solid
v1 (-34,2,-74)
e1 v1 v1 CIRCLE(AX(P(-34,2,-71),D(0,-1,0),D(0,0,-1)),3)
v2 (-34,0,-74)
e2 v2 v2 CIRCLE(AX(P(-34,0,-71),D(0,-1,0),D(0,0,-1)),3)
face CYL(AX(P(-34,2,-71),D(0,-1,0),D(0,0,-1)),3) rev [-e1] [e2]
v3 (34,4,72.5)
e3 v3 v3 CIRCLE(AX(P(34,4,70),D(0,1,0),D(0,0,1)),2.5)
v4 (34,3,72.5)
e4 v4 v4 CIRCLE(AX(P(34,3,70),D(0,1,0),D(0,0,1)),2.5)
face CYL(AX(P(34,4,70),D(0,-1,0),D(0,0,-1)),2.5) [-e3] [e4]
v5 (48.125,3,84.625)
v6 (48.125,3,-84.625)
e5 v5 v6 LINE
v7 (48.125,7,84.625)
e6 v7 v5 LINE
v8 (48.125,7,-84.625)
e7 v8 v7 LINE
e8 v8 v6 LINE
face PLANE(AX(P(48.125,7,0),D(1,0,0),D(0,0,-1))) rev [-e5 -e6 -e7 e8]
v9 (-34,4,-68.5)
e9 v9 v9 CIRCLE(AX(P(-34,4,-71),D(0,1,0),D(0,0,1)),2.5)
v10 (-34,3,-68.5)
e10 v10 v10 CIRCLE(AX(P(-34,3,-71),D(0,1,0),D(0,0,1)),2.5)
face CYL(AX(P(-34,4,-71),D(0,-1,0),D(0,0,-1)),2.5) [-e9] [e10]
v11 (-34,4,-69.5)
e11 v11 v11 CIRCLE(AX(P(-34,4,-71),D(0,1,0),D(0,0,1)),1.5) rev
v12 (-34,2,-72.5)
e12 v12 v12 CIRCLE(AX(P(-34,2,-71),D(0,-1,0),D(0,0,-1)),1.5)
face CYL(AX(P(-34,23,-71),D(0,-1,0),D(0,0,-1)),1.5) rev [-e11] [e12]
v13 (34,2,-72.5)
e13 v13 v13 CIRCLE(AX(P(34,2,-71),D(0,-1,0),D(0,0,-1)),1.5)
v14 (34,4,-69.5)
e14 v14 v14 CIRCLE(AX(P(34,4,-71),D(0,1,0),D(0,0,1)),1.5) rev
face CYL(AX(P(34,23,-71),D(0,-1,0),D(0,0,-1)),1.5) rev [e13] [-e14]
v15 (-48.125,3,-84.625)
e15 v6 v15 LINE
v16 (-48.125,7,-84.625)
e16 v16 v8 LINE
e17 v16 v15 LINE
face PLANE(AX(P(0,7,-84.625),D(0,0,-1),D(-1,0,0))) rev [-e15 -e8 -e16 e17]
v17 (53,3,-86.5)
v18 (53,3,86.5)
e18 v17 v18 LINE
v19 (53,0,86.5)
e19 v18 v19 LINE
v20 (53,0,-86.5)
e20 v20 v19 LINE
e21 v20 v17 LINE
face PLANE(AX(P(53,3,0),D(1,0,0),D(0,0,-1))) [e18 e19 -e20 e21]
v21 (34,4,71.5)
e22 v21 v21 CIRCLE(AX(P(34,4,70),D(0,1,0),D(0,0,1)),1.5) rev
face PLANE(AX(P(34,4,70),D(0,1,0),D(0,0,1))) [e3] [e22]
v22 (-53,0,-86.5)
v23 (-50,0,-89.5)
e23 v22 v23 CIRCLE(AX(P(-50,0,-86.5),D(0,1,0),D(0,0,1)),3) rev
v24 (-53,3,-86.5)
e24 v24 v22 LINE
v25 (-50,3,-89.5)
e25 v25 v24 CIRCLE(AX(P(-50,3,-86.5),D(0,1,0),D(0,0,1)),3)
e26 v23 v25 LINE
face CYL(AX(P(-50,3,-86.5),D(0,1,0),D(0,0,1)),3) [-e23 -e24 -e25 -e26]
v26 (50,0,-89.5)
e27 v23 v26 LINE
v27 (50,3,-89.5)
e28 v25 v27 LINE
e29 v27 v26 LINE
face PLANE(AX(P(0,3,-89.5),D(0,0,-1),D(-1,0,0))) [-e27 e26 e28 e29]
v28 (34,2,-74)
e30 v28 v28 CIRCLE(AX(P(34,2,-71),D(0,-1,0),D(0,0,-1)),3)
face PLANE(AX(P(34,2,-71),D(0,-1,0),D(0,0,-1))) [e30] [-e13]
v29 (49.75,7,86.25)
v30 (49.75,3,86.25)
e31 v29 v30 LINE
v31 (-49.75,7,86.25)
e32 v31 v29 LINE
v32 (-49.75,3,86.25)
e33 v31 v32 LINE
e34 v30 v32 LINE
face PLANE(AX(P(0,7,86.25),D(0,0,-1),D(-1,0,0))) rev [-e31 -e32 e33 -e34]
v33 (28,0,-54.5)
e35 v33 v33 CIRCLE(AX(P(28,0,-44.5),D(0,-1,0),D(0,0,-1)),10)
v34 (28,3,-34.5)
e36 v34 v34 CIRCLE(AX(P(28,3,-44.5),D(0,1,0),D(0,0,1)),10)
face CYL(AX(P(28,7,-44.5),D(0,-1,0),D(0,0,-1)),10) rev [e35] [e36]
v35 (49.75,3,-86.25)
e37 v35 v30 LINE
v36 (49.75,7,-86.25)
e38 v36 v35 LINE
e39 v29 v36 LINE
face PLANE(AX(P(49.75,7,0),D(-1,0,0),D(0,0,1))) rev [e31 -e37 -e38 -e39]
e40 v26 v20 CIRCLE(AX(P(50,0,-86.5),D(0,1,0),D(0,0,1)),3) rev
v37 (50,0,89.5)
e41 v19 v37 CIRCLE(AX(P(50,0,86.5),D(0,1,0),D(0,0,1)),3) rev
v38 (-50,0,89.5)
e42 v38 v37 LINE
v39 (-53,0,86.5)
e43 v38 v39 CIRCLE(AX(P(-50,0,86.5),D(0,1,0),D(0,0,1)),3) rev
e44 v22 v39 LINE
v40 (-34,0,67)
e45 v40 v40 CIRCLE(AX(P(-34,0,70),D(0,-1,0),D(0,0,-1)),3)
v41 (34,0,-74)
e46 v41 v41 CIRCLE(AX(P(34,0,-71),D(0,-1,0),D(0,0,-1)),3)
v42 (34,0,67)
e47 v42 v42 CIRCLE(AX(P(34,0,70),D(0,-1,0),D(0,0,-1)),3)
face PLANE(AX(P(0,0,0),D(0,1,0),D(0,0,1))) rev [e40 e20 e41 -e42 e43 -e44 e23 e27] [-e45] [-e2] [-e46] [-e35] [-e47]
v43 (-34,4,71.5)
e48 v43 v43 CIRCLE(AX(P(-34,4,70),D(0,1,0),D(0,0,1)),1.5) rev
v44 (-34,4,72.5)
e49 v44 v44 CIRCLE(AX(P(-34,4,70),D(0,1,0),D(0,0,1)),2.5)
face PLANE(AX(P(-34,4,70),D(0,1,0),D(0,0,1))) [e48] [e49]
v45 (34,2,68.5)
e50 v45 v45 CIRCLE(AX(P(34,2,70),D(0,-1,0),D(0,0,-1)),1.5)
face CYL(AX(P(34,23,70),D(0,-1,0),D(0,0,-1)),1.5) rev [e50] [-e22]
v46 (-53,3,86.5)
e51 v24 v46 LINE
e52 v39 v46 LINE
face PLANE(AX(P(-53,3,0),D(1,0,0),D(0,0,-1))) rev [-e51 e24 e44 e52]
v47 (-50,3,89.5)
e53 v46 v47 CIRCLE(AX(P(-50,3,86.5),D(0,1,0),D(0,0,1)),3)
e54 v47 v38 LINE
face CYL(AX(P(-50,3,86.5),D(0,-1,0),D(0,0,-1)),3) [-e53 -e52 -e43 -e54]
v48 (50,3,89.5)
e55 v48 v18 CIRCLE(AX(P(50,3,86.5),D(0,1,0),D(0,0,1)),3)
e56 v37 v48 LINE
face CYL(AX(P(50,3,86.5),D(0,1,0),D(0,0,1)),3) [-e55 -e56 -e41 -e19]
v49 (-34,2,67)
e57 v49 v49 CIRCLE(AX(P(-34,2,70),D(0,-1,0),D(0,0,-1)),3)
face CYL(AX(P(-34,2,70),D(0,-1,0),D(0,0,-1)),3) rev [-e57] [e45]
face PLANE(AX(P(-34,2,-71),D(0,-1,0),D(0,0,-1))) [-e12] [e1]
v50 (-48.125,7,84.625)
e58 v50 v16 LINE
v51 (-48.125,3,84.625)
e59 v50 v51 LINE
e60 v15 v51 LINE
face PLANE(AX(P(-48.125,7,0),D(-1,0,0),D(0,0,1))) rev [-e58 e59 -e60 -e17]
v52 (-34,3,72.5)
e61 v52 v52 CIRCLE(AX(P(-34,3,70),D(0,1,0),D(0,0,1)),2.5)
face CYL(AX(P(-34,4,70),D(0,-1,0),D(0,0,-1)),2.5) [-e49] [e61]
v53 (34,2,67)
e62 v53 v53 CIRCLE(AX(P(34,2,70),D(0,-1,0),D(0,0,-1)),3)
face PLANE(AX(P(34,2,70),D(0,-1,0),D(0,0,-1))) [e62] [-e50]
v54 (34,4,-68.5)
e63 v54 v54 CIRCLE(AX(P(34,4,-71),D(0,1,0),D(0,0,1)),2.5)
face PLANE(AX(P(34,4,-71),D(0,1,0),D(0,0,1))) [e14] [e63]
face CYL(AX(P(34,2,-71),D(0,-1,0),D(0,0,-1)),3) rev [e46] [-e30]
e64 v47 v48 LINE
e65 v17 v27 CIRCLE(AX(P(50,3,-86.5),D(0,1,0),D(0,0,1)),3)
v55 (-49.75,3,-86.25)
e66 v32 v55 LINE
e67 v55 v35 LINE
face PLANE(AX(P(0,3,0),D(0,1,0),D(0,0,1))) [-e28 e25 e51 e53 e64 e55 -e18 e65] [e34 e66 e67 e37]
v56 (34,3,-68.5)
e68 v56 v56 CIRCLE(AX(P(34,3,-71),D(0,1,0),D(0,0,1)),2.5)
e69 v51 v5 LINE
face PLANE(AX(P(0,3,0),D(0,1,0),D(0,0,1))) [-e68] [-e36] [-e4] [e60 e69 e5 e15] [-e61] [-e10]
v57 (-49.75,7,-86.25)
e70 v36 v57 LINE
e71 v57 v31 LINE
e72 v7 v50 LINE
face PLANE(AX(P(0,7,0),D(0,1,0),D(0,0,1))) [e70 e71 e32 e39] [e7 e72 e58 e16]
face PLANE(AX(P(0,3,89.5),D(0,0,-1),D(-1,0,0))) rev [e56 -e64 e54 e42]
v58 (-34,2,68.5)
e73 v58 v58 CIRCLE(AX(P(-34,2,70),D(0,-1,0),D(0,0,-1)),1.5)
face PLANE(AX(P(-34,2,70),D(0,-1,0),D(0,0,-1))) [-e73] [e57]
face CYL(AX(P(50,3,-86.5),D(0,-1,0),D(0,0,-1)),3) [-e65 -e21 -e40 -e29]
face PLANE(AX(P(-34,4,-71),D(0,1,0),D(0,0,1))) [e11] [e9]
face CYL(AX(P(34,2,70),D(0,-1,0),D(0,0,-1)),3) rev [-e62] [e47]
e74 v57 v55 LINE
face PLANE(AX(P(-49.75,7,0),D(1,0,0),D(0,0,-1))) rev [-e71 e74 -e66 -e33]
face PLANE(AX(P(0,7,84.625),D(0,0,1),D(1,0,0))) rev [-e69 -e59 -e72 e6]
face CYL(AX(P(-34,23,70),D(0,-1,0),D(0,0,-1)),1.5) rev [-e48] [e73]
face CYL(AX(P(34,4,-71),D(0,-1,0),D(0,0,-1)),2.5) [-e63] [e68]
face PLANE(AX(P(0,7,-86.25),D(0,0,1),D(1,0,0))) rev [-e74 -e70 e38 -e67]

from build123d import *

# Parameters (mm, degrees)
CROQUIS3_W                 = 106
CROQUIS3_H                 = 179
SALIENTE_EXTRUIR4_DEPTH    = 3
CROQUIS3_6_W               = 99.5
CROQUIS3_6_H               = 172.5
CROQUIS3_6_W_2             = 96.25
CROQUIS3_6_H_2             = 169.25
SALIENTE_EXTRUIR5_DEPTH    = 7
CROQUIS7_R                 = 10
CORTAR_EXTRUIR1_DEPTH      = 7
REDONDEO1_R                = 3
CORTAR_EXTRUIR2_DEPTH      = 20
CORTAR_EXTRUIR2_DEPTH_BACK = 20
CROQUIS8_R                 = 1.5
CROQUIS12_R                = 3
CORTAR_EXTRUIR3_DEPTH      = 2
CROQUIS13_R                = 2.5
SALIENTE_EXTRUIR7_DEPTH    = 1
CORTAR_EXTRUIR4_DEPTH      = 1
CORTAR_EXTRUIR4_DEPTH_BACK = 11
CROQUIS14_R                = 1.5


with BuildPart() as part:
    # Croquis3 → Saliente-Extruir4 (new body)
    with BuildSketch(Plane(origin=(0, 0, 0), x_dir=(1, 0, 0), z_dir=(0, 1, 0))):
        Rectangle(CROQUIS3_W, CROQUIS3_H)
    extrude(amount=SALIENTE_EXTRUIR4_DEPTH)

    # Croquis3<6> → Saliente-Extruir5 (add)
    with BuildSketch(Plane(origin=(0, 0, 0), x_dir=(1, 0, 0), z_dir=(0, 1, 0))):
        Rectangle(CROQUIS3_6_W, CROQUIS3_6_H)
        Rectangle(CROQUIS3_6_W_2, CROQUIS3_6_H_2, mode=Mode.SUBTRACT)
    extrude(amount=SALIENTE_EXTRUIR5_DEPTH)

    # Croquis7 → Cortar-Extruir1 (cut)
    with BuildSketch(Plane.XZ):
        with Locations((28, -44.5)):
            Circle(CROQUIS7_R)
    extrude(amount=-CORTAR_EXTRUIR1_DEPTH, mode=Mode.SUBTRACT)

    # Redondeo1
    redondeo1_edges = [part.edges().sort_by_distance(p)[0] for p in [
        (53, 1.5, -89.5),
        (-53, 1.5, -89.5),
        (53, 1.5, 89.5),
        (-53, 1.5, 89.5),
    ]]
    fillet(redondeo1_edges, radius=REDONDEO1_R)

    # Croquis8 → Cortar-Extruir2 (cut, two sides: drawn at the far end of the back side and taken through both)
    with BuildSketch(Plane(origin=(0, 3, 0), x_dir=(1, 0, 0), z_dir=(0, 1, 0)).offset(-CORTAR_EXTRUIR2_DEPTH_BACK)):
        with Locations((-34, 71)):
            Circle(CROQUIS8_R)
        with Locations((34, 71)):
            Circle(CROQUIS8_R)
        with Locations((-34, -70)):
            Circle(CROQUIS8_R)
        with Locations((34, -70)):
            Circle(CROQUIS8_R)
    extrude(amount=CORTAR_EXTRUIR2_DEPTH + CORTAR_EXTRUIR2_DEPTH_BACK, mode=Mode.SUBTRACT)

    # Croquis12 → Cortar-Extruir3 (cut)
    with BuildSketch(Plane.XZ):
        with Locations((-34, 70)):
            Circle(CROQUIS12_R)
        with Locations((34, 70)):
            Circle(CROQUIS12_R)
        with Locations((34, -71)):
            Circle(CROQUIS12_R)
        with Locations((-34, -71)):
            Circle(CROQUIS12_R)
    extrude(amount=-CORTAR_EXTRUIR3_DEPTH, mode=Mode.SUBTRACT)

    # Croquis13 → Saliente-Extruir7 (add)
    with BuildSketch(Plane(origin=(0, 3, 0), x_dir=(1, 0, 0), z_dir=(0, 1, 0))):
        with Locations((-34, 71)):
            Circle(CROQUIS13_R)
        with Locations((34, 71)):
            Circle(CROQUIS13_R)
        with Locations((-34, -70)):
            Circle(CROQUIS13_R)
        with Locations((34, -70)):
            Circle(CROQUIS13_R)
    extrude(amount=SALIENTE_EXTRUIR7_DEPTH)

    # Croquis14 → Cortar-Extruir4 (cut, two sides: drawn at the far end of the back side and taken through both)
    with BuildSketch(Plane.XZ.offset(-CORTAR_EXTRUIR4_DEPTH_BACK)):
        with Locations((-34, 70)):
            Circle(CROQUIS14_R)
        with Locations((34, 70)):
            Circle(CROQUIS14_R)
        with Locations((34, -71)):
            Circle(CROQUIS14_R)
        with Locations((-34, -71)):
            Circle(CROQUIS14_R)
    extrude(amount=CORTAR_EXTRUIR4_DEPTH + CORTAR_EXTRUIR4_DEPTH_BACK, mode=Mode.SUBTRACT)


solid = part.part
